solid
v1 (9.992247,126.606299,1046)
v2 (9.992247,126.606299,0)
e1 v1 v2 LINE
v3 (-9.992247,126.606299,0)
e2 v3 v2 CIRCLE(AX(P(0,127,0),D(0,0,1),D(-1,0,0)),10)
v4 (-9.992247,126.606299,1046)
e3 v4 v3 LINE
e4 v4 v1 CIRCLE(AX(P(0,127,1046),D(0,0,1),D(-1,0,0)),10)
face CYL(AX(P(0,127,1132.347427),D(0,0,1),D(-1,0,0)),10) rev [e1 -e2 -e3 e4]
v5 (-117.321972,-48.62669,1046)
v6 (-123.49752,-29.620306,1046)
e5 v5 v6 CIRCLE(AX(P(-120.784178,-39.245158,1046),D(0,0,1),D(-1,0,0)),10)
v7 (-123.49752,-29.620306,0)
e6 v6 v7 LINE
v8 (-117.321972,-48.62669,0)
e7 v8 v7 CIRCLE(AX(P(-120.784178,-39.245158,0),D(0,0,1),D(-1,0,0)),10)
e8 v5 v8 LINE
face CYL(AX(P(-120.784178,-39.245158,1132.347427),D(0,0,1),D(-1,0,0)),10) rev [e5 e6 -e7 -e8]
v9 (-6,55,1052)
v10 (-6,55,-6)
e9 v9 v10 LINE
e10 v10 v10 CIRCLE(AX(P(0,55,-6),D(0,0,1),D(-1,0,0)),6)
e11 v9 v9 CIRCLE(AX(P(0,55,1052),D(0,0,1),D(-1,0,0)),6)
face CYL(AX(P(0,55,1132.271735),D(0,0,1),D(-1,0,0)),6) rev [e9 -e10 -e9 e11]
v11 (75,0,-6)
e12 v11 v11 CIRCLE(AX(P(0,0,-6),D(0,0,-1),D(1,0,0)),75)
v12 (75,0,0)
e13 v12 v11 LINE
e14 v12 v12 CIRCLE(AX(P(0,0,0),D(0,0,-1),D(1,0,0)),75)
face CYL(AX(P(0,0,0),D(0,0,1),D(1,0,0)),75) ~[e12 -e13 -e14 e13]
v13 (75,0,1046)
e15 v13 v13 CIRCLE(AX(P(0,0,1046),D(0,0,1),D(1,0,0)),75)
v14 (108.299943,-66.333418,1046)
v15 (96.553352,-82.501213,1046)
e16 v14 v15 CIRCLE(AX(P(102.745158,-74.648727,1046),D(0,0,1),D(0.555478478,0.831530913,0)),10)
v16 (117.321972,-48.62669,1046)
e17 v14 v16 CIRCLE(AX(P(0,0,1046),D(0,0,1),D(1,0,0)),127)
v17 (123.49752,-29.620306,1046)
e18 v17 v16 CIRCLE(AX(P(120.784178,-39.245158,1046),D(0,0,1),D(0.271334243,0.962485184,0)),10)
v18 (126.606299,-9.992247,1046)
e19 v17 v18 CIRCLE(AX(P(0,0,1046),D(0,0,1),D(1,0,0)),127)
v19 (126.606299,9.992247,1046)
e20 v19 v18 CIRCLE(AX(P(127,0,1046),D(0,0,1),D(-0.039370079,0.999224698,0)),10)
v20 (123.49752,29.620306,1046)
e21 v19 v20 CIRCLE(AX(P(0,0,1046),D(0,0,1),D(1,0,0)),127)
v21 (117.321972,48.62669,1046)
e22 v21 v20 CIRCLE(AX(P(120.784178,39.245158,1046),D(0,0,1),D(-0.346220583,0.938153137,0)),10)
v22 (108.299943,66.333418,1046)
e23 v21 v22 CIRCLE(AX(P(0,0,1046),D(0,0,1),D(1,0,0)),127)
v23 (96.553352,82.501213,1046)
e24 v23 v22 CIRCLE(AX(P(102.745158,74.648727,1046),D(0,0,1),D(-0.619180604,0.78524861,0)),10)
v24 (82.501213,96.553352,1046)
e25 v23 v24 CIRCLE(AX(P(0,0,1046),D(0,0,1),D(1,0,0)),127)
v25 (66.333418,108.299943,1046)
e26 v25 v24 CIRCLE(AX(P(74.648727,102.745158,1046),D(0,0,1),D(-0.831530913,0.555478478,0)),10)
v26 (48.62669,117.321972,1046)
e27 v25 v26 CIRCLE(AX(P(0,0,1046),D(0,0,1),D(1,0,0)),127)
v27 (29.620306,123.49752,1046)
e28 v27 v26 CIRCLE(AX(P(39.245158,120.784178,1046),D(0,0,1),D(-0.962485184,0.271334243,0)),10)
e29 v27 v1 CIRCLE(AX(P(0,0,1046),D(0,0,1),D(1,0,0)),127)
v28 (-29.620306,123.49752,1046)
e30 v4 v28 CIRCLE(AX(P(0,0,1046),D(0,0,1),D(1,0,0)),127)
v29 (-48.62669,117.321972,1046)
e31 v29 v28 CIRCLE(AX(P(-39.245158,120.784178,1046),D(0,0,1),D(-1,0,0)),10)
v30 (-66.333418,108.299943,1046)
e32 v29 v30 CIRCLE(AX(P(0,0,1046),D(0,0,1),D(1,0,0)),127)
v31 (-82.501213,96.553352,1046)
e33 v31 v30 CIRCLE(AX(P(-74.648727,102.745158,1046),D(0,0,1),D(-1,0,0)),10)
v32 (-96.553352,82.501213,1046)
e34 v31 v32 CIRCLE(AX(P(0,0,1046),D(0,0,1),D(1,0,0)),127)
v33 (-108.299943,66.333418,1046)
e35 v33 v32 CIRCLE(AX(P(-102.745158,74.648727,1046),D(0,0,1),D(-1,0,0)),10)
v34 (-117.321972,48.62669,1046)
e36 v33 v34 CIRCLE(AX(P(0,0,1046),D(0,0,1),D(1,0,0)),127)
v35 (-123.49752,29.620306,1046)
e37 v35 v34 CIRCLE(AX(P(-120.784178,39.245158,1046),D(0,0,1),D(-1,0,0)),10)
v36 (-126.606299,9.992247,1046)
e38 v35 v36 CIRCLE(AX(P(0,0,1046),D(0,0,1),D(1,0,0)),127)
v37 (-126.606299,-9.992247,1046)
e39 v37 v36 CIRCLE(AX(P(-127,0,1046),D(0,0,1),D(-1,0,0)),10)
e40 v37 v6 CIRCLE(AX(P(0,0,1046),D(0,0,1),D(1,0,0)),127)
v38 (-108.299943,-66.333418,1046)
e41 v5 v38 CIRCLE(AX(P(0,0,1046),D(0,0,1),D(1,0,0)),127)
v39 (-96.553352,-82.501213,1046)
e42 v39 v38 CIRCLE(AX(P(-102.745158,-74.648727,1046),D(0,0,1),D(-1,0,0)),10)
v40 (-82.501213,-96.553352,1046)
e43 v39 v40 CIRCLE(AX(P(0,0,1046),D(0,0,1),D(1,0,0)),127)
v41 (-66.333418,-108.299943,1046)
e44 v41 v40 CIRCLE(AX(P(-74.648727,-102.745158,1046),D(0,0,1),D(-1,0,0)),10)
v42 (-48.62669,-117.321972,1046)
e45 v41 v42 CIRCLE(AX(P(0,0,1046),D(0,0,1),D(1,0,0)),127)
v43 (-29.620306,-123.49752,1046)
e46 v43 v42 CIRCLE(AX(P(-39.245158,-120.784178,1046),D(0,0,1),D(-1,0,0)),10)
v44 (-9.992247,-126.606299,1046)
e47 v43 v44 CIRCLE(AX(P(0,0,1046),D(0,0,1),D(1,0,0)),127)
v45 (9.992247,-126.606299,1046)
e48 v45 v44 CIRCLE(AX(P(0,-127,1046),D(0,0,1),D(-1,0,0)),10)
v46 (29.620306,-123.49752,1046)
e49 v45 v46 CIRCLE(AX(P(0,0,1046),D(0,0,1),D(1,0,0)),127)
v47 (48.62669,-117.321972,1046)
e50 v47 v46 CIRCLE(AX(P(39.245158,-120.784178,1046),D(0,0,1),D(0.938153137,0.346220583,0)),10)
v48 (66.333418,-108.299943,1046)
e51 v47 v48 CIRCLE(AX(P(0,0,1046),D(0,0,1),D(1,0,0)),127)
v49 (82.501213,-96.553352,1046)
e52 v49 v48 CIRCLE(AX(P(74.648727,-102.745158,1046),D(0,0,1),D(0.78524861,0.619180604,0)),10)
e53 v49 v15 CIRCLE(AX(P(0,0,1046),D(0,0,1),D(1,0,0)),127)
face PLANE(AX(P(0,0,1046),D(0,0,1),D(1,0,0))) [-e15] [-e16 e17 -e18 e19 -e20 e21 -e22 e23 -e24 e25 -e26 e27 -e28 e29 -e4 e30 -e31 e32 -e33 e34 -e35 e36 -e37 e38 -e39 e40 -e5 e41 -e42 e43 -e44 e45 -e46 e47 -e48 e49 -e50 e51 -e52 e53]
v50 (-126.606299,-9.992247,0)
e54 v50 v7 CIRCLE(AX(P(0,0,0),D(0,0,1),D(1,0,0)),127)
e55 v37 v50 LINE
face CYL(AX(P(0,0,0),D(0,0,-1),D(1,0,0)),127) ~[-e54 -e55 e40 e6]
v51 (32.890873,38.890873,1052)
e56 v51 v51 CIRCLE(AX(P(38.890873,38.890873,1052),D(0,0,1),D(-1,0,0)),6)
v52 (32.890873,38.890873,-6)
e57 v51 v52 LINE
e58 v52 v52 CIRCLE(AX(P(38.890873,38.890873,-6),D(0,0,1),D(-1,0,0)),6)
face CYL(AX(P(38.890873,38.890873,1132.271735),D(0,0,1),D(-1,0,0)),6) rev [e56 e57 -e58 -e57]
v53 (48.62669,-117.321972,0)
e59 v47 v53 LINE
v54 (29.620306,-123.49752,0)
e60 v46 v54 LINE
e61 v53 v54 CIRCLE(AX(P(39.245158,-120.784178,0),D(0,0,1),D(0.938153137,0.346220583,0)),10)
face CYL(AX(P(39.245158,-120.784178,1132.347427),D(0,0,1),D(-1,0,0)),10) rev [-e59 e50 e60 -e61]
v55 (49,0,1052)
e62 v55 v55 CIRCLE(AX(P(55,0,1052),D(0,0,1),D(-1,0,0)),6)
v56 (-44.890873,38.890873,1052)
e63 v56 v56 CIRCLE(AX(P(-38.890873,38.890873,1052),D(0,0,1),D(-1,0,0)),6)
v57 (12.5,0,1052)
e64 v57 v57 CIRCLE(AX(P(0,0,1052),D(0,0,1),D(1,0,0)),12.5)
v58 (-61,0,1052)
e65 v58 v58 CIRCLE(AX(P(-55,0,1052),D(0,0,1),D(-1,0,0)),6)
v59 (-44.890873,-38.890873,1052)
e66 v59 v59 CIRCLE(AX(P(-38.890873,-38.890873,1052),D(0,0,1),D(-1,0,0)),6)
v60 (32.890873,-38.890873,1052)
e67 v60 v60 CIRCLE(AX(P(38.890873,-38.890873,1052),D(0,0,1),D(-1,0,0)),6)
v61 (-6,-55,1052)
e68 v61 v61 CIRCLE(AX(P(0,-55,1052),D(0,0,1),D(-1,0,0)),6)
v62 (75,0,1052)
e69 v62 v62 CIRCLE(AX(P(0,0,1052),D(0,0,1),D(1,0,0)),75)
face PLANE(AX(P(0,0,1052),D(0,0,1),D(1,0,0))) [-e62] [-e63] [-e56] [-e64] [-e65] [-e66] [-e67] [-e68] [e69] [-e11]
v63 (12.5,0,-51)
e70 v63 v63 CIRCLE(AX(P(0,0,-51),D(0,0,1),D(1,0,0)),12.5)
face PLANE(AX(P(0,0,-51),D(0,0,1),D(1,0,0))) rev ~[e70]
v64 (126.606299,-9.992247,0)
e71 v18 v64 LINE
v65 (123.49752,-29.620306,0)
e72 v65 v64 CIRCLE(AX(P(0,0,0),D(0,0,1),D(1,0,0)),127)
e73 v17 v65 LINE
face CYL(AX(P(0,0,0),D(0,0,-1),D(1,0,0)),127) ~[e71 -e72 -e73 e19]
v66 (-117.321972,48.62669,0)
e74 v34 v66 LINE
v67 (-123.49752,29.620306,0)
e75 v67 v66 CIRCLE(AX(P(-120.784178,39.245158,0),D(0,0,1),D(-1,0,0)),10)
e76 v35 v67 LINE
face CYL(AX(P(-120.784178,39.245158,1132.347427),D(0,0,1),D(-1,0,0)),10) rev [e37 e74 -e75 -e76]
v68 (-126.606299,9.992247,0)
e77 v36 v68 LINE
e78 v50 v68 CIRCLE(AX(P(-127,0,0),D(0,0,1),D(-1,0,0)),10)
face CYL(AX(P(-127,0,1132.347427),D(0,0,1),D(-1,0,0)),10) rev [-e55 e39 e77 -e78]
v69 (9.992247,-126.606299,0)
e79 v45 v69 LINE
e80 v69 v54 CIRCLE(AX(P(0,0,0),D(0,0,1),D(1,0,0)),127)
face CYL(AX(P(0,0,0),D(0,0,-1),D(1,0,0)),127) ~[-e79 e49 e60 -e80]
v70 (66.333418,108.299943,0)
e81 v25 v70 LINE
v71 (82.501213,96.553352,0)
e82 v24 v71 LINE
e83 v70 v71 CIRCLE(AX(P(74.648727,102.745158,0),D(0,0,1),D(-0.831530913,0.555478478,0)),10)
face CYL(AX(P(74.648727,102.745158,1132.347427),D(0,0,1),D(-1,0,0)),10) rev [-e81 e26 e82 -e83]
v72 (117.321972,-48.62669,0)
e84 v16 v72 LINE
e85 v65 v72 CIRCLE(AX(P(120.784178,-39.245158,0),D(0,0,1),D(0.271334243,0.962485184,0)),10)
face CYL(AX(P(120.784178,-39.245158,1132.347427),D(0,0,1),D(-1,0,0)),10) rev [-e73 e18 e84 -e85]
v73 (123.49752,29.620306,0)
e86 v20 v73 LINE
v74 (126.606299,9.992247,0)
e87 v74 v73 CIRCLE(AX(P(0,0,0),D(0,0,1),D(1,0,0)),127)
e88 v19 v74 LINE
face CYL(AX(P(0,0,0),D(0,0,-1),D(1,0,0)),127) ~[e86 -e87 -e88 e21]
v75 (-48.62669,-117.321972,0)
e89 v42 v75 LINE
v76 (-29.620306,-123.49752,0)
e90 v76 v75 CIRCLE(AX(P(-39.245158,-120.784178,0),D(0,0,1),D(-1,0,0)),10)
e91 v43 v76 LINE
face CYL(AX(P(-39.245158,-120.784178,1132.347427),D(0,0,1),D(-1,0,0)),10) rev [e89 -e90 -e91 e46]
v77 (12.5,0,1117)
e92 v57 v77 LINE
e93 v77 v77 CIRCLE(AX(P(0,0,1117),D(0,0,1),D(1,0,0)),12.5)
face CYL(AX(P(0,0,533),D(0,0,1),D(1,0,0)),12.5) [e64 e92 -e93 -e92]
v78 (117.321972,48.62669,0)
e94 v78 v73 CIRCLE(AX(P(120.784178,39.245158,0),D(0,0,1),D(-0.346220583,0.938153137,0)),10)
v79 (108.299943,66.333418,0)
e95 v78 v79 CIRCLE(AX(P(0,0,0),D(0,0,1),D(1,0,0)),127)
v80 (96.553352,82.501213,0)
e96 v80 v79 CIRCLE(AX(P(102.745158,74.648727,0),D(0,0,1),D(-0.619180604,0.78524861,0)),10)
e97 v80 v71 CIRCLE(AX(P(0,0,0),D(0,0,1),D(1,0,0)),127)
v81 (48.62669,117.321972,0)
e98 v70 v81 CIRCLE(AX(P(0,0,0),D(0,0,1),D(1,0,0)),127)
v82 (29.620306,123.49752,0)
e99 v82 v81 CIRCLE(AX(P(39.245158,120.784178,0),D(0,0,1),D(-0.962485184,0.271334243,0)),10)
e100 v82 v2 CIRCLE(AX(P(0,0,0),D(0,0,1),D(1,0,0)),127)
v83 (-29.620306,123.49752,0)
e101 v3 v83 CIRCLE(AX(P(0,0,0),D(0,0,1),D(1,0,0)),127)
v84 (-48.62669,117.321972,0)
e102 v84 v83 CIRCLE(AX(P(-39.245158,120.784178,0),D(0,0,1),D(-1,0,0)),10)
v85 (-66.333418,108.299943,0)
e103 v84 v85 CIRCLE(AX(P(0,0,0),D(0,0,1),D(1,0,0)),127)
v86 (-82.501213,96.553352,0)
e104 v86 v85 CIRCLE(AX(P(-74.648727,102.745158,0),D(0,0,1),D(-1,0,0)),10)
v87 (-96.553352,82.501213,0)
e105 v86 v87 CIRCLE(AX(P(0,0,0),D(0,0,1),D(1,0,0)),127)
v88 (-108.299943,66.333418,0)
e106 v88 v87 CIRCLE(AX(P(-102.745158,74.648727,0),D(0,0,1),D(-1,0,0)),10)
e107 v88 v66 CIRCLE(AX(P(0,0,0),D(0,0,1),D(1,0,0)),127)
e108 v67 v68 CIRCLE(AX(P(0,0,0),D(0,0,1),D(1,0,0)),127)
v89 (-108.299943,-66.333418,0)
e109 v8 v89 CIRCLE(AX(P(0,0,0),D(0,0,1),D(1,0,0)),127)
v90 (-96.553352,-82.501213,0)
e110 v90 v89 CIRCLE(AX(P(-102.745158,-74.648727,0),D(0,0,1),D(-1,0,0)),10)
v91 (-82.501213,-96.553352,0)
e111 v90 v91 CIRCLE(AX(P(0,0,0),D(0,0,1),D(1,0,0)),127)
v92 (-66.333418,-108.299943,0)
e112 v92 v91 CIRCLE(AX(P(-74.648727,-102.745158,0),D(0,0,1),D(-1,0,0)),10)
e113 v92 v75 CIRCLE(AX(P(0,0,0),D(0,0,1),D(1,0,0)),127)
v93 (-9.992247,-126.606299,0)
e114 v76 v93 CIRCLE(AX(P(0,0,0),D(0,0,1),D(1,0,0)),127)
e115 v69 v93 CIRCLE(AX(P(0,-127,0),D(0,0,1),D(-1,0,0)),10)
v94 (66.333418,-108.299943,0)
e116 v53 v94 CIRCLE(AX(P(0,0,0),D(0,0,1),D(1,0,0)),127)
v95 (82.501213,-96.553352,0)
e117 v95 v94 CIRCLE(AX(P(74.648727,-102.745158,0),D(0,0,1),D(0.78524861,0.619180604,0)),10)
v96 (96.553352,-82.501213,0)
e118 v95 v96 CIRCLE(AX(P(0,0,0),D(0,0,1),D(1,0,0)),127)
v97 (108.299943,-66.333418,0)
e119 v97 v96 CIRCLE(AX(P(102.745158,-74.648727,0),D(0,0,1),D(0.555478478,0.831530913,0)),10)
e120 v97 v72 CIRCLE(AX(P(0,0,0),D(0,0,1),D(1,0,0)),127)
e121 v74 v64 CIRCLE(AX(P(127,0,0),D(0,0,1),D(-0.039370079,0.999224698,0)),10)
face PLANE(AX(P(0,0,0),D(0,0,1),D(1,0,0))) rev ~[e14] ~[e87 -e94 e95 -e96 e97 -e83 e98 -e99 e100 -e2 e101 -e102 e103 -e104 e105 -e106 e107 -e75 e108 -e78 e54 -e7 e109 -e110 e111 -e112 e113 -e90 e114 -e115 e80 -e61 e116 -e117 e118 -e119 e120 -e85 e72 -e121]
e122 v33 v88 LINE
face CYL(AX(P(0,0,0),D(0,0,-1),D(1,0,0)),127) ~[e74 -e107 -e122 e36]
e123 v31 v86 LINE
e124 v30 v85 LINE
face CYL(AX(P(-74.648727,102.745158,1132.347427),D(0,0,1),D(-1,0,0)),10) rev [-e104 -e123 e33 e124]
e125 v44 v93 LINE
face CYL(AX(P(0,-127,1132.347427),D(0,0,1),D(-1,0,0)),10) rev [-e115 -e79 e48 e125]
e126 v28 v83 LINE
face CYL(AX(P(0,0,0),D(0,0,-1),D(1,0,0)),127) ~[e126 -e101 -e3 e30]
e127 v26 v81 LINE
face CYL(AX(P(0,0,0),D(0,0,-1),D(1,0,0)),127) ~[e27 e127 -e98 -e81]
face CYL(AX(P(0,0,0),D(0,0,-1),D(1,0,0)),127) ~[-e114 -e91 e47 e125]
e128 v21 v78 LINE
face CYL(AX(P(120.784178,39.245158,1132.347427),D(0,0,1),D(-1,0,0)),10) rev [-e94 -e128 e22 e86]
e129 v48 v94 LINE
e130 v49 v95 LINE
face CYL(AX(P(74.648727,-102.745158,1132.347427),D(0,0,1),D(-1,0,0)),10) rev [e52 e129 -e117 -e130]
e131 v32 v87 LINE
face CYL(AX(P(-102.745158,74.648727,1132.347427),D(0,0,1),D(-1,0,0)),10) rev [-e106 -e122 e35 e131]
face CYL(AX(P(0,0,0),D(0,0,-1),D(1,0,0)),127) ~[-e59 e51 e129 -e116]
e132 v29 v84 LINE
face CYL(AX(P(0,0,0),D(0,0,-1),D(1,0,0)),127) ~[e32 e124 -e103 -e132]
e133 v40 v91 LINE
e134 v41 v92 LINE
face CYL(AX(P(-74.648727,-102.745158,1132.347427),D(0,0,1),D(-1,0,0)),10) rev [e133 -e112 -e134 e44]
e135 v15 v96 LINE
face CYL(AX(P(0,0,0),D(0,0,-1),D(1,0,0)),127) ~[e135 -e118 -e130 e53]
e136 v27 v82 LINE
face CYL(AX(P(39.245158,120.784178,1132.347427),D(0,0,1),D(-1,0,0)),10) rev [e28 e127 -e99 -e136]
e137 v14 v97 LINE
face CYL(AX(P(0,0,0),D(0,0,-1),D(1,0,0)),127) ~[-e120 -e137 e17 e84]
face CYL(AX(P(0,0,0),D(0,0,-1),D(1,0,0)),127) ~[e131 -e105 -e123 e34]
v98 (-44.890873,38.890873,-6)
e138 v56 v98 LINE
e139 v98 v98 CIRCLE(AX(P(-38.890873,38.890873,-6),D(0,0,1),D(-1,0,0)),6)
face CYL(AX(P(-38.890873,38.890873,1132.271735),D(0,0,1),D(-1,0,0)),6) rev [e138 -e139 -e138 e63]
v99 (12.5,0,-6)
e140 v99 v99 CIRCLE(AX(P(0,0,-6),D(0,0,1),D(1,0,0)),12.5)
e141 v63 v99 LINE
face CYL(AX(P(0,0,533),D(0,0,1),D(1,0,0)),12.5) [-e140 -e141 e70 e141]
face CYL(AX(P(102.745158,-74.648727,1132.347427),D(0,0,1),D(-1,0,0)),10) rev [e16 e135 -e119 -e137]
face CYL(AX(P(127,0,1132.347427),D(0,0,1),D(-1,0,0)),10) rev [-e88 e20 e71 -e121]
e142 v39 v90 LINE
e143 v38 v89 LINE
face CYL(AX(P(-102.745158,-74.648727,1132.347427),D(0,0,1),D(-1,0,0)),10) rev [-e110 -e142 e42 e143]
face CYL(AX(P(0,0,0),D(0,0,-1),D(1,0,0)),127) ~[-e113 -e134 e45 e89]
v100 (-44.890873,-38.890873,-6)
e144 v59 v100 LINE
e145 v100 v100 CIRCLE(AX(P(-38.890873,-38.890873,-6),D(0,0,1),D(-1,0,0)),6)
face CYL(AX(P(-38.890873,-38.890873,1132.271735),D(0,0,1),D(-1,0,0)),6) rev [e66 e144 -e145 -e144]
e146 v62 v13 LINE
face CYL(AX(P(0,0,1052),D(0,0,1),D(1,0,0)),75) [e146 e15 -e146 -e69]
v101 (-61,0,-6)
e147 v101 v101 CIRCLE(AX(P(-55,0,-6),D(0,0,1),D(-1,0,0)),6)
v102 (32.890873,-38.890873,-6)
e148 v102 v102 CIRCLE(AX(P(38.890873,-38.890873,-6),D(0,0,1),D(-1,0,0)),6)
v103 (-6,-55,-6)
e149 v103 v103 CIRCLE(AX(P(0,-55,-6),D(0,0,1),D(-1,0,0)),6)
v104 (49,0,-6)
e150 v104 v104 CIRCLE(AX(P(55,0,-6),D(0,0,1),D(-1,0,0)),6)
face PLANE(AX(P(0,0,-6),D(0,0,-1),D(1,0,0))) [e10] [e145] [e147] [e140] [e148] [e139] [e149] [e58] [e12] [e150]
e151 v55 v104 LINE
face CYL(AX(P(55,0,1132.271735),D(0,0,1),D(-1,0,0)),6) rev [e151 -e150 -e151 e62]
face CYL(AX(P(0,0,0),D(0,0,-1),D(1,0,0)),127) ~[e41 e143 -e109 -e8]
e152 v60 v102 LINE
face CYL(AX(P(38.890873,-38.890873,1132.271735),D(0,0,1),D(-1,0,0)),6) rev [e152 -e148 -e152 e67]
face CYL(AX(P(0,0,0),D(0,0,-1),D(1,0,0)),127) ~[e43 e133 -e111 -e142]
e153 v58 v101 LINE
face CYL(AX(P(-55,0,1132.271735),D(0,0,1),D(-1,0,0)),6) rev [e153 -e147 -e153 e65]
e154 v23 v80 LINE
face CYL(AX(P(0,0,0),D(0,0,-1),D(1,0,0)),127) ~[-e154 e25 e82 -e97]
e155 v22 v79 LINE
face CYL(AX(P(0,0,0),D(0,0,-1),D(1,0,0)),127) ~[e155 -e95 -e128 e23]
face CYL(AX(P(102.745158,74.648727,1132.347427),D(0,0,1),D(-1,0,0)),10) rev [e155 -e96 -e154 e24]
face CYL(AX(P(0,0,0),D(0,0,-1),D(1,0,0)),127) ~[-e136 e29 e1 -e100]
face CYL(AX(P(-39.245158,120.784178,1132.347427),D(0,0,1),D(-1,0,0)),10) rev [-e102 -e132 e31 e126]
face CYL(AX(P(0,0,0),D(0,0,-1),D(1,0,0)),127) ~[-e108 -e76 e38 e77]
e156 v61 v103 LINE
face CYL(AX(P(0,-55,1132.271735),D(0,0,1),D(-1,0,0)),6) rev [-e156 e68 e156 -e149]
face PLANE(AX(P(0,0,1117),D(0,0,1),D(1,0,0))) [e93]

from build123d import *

# Parameters (mm, degrees)
SKETCH1_R               = 127
SKETCH1_R_2             = 12.5
BOSS_EXTRUDE1_DEPTH     = 1046
SKETCH3_R               = 12.5
BOSS_EXTRUDE2_DEPTH     = 584
BOSS_EXTRUDE4_START     = 6
SKETCH4_R               = 75
SKETCH4_R_2             = 12.5
BOSS_EXTRUDE4_DEPTH     = 6
SKETCH6_R               = 75
BOSS_EXTRUDE5_DEPTH     = 6
CUT_EXTRUDE1_DEPTH      = 1138.271735339
CUT_EXTRUDE1_DEPTH_BACK = 1138.271735339
SKETCH7_R               = 6
CUT_EXTRUDE2_DEPTH      = 1132.347426744
CUT_EXTRUDE2_DEPTH_BACK = 1132.347426744
SKETCH8_R               = 10


with BuildPart() as part:
    # Sketch1 → Boss-Extrude1 (new body)
    with BuildSketch(Plane.XY):
        Circle(SKETCH1_R)
        Circle(SKETCH1_R_2, mode=Mode.SUBTRACT)
    extrude(amount=BOSS_EXTRUDE1_DEPTH)

    # Sketch3 → Boss-Extrude2 (add, symmetric)
    with BuildSketch(Plane.XY.offset(533)):
        Circle(SKETCH3_R)
    extrude(amount=BOSS_EXTRUDE2_DEPTH, both=True)

    # Sketch4 → Boss-Extrude4 (add)
    with BuildSketch(Plane.XY.offset(1046).offset(BOSS_EXTRUDE4_START)):
        Circle(SKETCH4_R)
        Circle(SKETCH4_R_2, mode=Mode.SUBTRACT)
    extrude(amount=-BOSS_EXTRUDE4_DEPTH)

    # Sketch6 → Boss-Extrude5 (add)
    with BuildSketch(Plane(origin=(0, 0, 0), x_dir=(-1, 0, 0), z_dir=(0, 0, -1))):
        with Locations(Location((0, 0, 0), (0, 0, 180))):
            Circle(SKETCH6_R)
    extrude(amount=BOSS_EXTRUDE5_DEPTH)

    # Sketch7 → Cut-Extrude1 (cut, two sides: drawn at the far end of the back side and taken through both)
    with BuildSketch(Plane(origin=(0, 0, -6), x_dir=(-1, 0, 0), z_dir=(0, 0, -1)).offset(-CUT_EXTRUDE1_DEPTH_BACK)):
        with Locations((0, 55)):
            Circle(SKETCH7_R)
        with Locations((38.890872965, 38.890872965)):
            Circle(SKETCH7_R)
        with Locations((55, 0)):
            Circle(SKETCH7_R)
        with Locations((38.890872965, -38.890872965)):
            Circle(SKETCH7_R)
        with Locations((0, -55)):
            Circle(SKETCH7_R)
        with Locations((-38.890872965, -38.890872965)):
            Circle(SKETCH7_R)
        with Locations((-55, 0)):
            Circle(SKETCH7_R)
        with Locations((-38.890872965, 38.890872965)):
            Circle(SKETCH7_R)
    extrude(amount=CUT_EXTRUDE1_DEPTH + CUT_EXTRUDE1_DEPTH_BACK, mode=Mode.SUBTRACT)

    # Sketch8 → Cut-Extrude2 (cut, two sides: drawn at the far end of the back side and taken through both)
    with BuildSketch(Plane(origin=(0, 0, 0), x_dir=(-1, 0, 0), z_dir=(0, 0, -1)).offset(-CUT_EXTRUDE2_DEPTH_BACK)):
        with Locations((0, 127)):
            Circle(SKETCH8_R)
        with Locations((39.245158286, 120.784177569)):
            Circle(SKETCH8_R)
        with Locations((74.648727041, 102.745158286)):
            Circle(SKETCH8_R)
        with Locations((102.745158286, 74.648727041)):
            Circle(SKETCH8_R)
        with Locations((120.784177569, 39.245158286)):
            Circle(SKETCH8_R)
        with Locations((127, 0)):
            Circle(SKETCH8_R)
        with Locations((120.784177569, -39.245158286)):
            Circle(SKETCH8_R)
        with Locations((102.745158286, -74.648727041)):
            Circle(SKETCH8_R)
        with Locations((74.648727041, -102.745158286)):
            Circle(SKETCH8_R)
        with Locations((39.245158286, -120.784177569)):
            Circle(SKETCH8_R)
        with Locations((0, -127)):
            Circle(SKETCH8_R)
        with Locations((-39.245158286, -120.784177569)):
            Circle(SKETCH8_R)
        with Locations((-74.648727041, -102.745158286)):
            Circle(SKETCH8_R)
        with Locations((-102.745158286, -74.648727041)):
            Circle(SKETCH8_R)
        with Locations((-120.784177569, -39.245158286)):
            Circle(SKETCH8_R)
        with Locations((-127, 0)):
            Circle(SKETCH8_R)
        with Locations((-120.784177569, 39.245158286)):
            Circle(SKETCH8_R)
        with Locations((-102.745158286, 74.648727041)):
            Circle(SKETCH8_R)
        with Locations((-74.648727041, 102.745158286)):
            Circle(SKETCH8_R)
        with Locations((-39.245158286, 120.784177569)):
            Circle(SKETCH8_R)
    extrude(amount=CUT_EXTRUDE2_DEPTH + CUT_EXTRUDE2_DEPTH_BACK, mode=Mode.SUBTRACT)


solid = part.part
